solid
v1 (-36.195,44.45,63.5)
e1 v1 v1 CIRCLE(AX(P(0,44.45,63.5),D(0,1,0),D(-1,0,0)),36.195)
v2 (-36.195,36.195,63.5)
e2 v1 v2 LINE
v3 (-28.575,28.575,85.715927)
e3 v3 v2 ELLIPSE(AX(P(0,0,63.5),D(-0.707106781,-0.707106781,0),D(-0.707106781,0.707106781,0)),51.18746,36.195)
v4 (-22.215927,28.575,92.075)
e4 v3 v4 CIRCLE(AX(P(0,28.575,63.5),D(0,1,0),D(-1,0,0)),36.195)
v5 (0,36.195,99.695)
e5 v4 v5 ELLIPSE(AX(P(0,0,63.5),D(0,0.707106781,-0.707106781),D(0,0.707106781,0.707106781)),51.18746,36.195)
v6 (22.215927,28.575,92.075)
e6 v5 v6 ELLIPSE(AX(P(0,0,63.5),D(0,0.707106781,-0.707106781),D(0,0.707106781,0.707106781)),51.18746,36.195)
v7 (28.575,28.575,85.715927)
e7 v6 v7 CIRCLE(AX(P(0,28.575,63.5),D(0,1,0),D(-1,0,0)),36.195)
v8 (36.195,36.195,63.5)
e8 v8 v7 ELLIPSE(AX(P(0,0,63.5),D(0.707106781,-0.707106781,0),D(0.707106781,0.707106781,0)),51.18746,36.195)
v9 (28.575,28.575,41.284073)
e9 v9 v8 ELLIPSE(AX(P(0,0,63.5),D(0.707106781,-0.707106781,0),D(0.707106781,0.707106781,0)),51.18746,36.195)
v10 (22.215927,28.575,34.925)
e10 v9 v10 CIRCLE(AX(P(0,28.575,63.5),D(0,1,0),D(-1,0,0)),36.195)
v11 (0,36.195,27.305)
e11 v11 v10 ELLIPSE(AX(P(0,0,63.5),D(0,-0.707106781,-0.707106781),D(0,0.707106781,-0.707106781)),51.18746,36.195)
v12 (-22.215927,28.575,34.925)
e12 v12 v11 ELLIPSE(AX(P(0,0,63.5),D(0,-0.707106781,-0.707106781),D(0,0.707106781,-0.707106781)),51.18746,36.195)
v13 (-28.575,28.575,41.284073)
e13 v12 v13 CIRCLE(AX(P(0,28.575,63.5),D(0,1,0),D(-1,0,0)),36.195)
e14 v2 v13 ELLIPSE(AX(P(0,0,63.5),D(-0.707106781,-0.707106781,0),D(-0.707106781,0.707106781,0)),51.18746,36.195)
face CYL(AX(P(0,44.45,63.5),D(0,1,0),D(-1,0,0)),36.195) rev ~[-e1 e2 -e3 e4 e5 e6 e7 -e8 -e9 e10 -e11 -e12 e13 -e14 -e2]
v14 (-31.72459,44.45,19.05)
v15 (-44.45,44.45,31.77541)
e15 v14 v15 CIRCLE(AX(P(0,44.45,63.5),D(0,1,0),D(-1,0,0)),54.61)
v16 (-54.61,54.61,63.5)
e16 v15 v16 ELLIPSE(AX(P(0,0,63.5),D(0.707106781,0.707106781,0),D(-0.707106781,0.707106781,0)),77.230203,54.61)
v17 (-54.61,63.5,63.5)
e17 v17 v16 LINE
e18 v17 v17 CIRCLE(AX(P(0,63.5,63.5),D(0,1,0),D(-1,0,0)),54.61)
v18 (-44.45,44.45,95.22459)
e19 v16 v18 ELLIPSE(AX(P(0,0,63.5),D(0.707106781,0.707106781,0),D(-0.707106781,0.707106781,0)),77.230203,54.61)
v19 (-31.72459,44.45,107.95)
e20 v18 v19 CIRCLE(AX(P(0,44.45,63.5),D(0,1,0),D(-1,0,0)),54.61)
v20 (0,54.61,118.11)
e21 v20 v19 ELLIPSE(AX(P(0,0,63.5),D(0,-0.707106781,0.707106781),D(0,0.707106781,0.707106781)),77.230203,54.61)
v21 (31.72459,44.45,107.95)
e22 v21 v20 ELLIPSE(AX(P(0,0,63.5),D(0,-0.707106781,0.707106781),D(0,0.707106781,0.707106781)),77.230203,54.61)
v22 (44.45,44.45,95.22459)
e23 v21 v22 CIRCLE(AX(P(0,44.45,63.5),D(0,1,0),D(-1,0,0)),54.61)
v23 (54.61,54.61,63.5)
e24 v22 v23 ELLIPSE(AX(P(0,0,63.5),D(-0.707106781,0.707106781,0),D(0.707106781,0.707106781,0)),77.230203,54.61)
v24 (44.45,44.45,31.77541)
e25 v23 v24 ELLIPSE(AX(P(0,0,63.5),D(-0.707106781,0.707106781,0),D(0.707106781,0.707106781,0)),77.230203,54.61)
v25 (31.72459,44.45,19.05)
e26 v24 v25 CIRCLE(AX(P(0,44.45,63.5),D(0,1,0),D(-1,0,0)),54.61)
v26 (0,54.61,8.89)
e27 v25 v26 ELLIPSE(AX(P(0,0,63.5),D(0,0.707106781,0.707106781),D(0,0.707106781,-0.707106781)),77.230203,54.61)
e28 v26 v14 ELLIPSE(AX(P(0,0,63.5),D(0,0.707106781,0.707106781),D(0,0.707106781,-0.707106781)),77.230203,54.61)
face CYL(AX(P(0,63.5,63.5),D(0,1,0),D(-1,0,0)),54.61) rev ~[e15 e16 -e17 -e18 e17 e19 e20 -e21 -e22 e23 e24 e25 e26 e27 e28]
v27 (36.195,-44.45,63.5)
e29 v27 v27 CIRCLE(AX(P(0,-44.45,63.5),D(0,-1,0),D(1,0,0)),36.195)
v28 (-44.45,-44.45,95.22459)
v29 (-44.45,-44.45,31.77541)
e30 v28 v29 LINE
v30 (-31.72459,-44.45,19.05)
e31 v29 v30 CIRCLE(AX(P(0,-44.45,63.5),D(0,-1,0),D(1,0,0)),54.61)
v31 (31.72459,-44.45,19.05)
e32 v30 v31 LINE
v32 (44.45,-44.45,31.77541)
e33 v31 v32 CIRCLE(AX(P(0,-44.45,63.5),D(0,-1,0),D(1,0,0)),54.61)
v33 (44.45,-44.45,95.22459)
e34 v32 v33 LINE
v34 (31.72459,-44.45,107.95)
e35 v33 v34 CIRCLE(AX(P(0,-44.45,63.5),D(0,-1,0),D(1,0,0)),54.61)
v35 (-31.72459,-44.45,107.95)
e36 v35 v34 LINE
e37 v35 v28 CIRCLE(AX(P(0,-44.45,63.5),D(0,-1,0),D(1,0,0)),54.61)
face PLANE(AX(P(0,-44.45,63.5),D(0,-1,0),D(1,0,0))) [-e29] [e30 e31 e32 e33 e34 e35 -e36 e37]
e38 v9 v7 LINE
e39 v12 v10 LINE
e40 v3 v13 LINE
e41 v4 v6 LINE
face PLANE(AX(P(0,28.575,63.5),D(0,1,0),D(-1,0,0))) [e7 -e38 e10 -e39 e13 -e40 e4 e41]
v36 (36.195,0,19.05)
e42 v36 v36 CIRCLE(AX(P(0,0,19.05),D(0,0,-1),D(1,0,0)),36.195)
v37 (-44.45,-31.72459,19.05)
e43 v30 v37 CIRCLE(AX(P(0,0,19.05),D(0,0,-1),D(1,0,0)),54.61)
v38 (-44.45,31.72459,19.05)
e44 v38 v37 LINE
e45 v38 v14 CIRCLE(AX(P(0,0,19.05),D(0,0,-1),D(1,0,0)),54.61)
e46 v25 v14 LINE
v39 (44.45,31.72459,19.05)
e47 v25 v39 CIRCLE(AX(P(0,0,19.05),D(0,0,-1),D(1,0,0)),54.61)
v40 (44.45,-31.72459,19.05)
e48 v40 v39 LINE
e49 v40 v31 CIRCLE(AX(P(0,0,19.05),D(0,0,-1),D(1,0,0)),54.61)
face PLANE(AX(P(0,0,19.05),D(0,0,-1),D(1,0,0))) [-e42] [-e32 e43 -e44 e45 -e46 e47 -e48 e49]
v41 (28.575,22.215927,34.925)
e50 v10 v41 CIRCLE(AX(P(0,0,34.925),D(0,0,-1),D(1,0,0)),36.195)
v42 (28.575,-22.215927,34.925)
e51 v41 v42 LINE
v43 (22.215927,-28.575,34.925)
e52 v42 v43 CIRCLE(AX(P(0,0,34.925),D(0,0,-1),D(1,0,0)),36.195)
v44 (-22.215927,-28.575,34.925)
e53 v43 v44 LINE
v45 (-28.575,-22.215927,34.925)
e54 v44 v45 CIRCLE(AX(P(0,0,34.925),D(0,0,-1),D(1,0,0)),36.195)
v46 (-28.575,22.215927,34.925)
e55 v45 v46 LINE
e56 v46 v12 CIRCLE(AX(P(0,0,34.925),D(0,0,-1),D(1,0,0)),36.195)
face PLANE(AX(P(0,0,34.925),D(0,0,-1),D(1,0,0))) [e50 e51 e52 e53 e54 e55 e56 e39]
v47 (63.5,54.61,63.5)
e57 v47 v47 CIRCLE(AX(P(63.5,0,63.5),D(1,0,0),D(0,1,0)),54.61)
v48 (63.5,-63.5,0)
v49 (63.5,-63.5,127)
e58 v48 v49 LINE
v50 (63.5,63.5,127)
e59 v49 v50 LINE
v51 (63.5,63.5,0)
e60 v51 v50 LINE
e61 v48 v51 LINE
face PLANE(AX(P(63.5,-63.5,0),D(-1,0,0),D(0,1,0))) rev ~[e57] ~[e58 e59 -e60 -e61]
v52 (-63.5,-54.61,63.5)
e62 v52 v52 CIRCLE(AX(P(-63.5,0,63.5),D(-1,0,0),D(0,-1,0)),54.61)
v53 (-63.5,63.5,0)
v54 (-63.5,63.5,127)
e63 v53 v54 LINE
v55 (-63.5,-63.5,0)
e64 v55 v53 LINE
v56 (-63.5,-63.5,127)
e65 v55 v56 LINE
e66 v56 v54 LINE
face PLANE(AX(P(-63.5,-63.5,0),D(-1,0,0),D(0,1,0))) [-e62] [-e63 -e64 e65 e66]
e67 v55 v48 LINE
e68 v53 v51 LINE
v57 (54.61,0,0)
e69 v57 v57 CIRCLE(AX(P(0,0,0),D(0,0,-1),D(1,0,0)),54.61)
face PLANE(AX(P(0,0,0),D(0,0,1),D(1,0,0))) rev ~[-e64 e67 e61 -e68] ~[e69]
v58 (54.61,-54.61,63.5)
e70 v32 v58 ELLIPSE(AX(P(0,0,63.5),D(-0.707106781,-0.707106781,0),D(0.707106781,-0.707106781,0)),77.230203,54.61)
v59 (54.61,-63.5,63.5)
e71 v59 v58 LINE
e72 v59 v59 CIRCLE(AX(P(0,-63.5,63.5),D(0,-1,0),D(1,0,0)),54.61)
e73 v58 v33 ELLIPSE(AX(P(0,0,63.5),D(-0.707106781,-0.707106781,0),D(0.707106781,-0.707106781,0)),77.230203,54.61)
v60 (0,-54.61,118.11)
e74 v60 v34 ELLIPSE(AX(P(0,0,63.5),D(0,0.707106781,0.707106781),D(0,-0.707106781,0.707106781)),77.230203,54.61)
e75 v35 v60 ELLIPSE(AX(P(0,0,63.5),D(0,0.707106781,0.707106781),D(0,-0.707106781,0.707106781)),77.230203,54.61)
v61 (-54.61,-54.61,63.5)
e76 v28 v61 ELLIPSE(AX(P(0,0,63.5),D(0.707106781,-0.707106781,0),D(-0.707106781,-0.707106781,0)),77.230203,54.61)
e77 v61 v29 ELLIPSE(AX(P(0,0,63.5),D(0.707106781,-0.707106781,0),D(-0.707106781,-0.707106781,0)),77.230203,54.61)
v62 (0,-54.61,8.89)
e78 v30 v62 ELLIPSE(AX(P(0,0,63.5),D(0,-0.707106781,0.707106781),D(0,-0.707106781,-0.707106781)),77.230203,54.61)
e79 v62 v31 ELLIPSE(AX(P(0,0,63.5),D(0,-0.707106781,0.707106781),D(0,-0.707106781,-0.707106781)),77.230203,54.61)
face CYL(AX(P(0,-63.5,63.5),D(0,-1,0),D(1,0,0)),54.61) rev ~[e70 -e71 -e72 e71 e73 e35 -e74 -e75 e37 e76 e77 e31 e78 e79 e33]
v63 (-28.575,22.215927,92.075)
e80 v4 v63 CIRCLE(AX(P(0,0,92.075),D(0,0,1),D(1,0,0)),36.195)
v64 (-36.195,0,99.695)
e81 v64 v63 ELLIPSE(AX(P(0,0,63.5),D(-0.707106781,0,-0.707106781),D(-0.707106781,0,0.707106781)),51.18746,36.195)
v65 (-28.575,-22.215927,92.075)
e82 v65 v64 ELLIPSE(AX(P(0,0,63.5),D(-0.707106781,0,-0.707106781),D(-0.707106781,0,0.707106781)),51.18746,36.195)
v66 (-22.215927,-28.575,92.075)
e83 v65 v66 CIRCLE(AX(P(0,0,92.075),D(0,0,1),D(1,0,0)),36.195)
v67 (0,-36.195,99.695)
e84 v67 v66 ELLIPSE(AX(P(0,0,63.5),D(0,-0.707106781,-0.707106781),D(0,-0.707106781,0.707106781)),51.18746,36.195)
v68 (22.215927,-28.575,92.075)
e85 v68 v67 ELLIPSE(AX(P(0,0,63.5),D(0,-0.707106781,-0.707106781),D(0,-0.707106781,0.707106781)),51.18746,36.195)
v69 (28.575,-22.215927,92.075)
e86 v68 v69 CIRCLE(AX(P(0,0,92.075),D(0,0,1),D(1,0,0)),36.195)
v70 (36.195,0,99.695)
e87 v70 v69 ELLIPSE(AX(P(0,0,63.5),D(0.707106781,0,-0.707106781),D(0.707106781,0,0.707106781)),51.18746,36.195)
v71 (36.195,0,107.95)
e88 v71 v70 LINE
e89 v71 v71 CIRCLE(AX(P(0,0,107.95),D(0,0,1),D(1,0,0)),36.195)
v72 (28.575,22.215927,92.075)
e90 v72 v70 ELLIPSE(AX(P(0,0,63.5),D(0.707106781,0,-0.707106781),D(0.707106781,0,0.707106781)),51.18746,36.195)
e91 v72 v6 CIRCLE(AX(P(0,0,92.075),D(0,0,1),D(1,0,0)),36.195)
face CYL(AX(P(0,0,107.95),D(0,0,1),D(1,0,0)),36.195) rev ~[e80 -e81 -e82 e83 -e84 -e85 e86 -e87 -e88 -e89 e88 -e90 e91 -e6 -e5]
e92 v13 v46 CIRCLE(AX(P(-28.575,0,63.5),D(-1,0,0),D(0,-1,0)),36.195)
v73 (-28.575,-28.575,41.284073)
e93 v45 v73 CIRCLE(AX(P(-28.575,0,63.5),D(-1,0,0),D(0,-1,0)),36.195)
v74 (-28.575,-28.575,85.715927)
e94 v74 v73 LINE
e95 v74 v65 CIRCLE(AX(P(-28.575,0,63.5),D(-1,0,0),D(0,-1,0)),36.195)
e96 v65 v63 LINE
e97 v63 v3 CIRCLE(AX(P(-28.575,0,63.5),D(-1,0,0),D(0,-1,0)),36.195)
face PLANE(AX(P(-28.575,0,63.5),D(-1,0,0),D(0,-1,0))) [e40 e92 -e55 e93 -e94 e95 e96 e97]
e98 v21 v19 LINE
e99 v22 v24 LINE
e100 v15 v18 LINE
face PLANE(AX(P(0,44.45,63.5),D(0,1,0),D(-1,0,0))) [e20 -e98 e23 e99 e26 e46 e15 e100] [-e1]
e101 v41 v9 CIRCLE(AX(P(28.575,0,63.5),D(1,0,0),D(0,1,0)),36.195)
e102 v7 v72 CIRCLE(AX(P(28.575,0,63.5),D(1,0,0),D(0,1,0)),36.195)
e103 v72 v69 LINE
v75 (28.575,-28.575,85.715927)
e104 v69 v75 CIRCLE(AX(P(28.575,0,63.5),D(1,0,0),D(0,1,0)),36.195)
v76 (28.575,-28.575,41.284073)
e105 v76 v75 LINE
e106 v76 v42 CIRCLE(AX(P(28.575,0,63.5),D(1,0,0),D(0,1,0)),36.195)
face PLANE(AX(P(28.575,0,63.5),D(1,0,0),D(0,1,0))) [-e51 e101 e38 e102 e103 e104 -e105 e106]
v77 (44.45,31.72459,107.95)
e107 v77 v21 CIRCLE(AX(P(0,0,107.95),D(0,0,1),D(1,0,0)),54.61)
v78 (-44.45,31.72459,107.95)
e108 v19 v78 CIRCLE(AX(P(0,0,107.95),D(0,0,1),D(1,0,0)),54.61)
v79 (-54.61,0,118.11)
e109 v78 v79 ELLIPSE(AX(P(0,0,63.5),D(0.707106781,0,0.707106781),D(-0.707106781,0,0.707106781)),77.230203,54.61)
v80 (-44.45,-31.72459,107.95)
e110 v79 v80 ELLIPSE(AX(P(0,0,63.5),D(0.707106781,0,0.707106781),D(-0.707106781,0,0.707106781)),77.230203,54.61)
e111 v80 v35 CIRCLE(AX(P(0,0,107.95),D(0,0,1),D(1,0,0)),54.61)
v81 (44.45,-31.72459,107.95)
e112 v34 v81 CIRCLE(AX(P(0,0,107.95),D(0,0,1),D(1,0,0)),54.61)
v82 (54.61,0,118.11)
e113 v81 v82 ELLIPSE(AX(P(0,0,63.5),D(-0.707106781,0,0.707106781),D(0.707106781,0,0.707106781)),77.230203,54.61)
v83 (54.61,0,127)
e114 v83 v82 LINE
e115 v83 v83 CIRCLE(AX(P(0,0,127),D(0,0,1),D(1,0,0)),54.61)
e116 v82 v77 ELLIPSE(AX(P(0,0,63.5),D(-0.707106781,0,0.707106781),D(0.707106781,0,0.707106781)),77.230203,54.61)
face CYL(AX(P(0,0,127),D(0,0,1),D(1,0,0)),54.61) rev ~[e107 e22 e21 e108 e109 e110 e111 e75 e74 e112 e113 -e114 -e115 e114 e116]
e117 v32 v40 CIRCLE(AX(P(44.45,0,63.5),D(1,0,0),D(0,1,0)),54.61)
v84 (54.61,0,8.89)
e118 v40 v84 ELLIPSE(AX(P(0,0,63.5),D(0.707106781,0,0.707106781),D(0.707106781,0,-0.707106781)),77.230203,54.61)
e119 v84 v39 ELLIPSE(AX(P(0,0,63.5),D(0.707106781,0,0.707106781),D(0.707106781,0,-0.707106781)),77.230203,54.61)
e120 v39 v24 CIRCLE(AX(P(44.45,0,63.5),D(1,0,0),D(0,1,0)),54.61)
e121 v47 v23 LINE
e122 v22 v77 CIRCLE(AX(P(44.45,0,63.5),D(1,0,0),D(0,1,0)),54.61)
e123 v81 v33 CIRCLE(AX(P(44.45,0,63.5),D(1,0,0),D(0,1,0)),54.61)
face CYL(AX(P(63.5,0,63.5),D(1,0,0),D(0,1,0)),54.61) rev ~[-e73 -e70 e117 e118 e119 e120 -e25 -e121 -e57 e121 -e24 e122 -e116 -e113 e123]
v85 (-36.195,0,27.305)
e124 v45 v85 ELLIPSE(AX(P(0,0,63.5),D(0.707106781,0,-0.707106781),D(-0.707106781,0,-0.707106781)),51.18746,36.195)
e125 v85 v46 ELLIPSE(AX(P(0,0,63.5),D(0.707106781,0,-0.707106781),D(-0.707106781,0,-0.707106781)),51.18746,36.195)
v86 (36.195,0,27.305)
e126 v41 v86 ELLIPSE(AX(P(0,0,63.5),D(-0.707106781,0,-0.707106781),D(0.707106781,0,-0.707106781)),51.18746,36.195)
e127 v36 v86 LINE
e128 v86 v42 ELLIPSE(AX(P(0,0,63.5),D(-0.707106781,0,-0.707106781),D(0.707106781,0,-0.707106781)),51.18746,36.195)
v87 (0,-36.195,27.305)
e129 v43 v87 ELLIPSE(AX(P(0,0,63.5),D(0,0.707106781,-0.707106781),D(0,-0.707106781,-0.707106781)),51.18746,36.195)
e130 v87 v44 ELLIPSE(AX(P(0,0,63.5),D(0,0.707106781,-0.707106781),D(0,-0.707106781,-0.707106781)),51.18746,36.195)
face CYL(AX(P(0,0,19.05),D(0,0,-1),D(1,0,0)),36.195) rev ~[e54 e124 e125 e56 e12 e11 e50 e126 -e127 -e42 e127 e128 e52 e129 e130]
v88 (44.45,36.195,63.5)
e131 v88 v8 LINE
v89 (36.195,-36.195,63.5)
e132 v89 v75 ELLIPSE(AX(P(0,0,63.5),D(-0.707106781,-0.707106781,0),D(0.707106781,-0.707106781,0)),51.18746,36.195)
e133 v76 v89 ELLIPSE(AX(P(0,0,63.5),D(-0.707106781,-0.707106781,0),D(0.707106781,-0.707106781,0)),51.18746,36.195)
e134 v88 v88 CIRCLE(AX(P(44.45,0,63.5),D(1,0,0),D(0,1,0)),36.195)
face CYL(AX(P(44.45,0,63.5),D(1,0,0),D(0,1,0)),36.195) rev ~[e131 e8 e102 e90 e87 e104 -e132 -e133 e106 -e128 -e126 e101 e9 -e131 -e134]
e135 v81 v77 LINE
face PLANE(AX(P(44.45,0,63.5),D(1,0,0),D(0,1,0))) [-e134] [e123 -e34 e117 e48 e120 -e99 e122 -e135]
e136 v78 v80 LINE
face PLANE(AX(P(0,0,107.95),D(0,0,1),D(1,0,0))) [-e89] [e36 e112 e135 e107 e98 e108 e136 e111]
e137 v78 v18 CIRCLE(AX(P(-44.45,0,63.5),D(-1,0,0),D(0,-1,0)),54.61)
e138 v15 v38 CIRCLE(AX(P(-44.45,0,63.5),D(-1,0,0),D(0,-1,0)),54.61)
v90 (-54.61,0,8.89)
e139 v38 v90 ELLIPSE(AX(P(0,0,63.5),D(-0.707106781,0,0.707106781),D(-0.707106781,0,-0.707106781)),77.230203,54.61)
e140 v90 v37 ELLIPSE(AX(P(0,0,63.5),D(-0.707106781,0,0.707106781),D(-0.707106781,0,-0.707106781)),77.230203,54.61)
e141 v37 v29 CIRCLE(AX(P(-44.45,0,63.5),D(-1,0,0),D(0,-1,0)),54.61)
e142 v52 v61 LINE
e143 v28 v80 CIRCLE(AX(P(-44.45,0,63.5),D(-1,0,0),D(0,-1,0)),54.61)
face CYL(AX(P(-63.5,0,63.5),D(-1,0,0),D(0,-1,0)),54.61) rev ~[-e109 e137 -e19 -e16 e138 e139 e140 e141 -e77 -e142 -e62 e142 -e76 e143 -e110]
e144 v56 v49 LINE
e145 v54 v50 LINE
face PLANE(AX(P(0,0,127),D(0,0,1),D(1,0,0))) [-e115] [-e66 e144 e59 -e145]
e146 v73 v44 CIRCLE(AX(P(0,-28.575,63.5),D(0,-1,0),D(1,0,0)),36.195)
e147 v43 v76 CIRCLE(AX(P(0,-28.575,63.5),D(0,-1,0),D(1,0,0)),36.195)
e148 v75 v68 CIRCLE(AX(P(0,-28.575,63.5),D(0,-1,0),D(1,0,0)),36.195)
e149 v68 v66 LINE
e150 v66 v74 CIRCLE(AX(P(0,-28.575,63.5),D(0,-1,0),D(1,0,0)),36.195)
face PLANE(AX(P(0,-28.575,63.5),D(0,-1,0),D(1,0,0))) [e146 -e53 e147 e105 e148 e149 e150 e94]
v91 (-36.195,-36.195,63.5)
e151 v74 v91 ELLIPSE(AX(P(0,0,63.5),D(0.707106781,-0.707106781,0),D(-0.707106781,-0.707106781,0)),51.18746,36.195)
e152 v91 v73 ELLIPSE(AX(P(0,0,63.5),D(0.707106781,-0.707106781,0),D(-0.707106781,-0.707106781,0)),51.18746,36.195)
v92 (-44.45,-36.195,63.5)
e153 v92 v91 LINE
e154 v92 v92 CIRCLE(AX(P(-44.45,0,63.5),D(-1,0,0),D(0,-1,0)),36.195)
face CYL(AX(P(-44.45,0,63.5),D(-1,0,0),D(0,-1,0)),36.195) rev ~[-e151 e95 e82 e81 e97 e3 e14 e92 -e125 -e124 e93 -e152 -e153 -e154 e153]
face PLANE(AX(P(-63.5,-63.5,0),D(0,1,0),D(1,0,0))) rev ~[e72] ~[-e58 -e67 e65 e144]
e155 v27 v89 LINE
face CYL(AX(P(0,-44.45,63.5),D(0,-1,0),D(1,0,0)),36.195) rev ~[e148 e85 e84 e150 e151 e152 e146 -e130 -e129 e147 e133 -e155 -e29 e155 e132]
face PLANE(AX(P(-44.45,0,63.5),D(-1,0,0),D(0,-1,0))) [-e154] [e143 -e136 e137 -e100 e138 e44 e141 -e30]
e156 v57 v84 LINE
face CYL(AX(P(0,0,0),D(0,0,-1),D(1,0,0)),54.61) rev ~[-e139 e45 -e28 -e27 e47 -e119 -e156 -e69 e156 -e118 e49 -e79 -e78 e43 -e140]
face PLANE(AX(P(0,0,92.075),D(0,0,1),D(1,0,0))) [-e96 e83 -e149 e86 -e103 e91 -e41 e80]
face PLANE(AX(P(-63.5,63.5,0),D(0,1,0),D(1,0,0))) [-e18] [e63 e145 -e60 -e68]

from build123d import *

# Parameters (mm, degrees)
F15_W     = 127
F15_H     = 127
F16_DEPTH = 127
F0_R      = 54.61
F17_DEPTH = 19.05
F18_R     = 54.61
F1_DEPTH  = 19.05
F19_R     = 54.61
F2_DEPTH  = 19.05
F3_R      = 54.61
F4_DEPTH  = 19.05
F20_R     = 54.61
F5_DEPTH  = 19.05
F6_R      = 54.61
F21_DEPTH = 19.05
F22_R     = 36.195
F7_DEPTH  = 15.875
F8_R      = 36.195
F9_DEPTH  = 15.875
F23_R     = 36.195
F10_DEPTH = 15.875
F11_R     = 36.195
F24_DEPTH = 15.875
F25_R     = 36.195
F12_DEPTH = 15.875
F13_R     = 36.195
F14_DEPTH = 15.875


with BuildPart() as f16:
    # F15 (on Top) → F16 (new body)
    with BuildSketch(Plane.XY):
        Rectangle(F15_W, F15_H)
    extrude(amount=F16_DEPTH)

    # F0 (on face) → F17 (cut)
    with BuildSketch(Plane.XY.offset(127)):
        Circle(F0_R)
    extrude(amount=-F17_DEPTH, mode=Mode.SUBTRACT)

    # F18 (on face) → F1 (cut)
    with BuildSketch(Plane.XZ.offset(63.5)):
        with Locations((0, 63.5)):
            Circle(F18_R)
    extrude(amount=-F1_DEPTH, mode=Mode.SUBTRACT)

    # F19 (on face) → F2 (cut)
    with BuildSketch(Plane(origin=(0, 63.5, 0), x_dir=(-1, 0, 0), z_dir=(0, 1, 0))):
        with Locations((0, 63.5)):
            Circle(F19_R)
    extrude(amount=-F2_DEPTH, mode=Mode.SUBTRACT)

    # F3 (on face) → F4 (cut)
    with BuildSketch(Plane.YZ.offset(63.5)):
        with Locations((0, 63.5)):
            Circle(F3_R)
    extrude(amount=-F4_DEPTH, mode=Mode.SUBTRACT)

    # F20 (on face) → F5 (cut)
    with BuildSketch(Plane(origin=(-63.5, 0, 0), x_dir=(0, -1, 0), z_dir=(-1, 0, 0))):
        with Locations((0, 63.5)):
            Circle(F20_R)
    extrude(amount=-F5_DEPTH, mode=Mode.SUBTRACT)

    # F6 (on face) → F21 (cut)
    with BuildSketch(Plane(origin=(0, 0, 0), x_dir=(1, 0, 0), z_dir=(0, 0, -1))):
        Circle(F6_R)
    extrude(amount=-F21_DEPTH, mode=Mode.SUBTRACT)

    # F22 (on face) → F7 (cut)
    with BuildSketch(Plane(origin=(0, 0, 19.05), x_dir=(1, 0, 0), z_dir=(0, 0, -1))):
        Circle(F22_R)
    extrude(amount=-F7_DEPTH, mode=Mode.SUBTRACT)

    # F8 (on face) → F9 (cut)
    with BuildSketch(Plane.XZ.offset(44.45)):
        with Locations((0, 63.5)):
            Circle(F8_R)
    extrude(amount=-F9_DEPTH, mode=Mode.SUBTRACT)

    # F23 (on face) → F10 (cut)
    with BuildSketch(Plane.YZ.offset(44.45)):
        with Locations((0, 63.5)):
            Circle(F23_R)
    extrude(amount=-F10_DEPTH, mode=Mode.SUBTRACT)

    # F11 (on face) → F24 (cut)
    with BuildSketch(Plane(origin=(-44.45, 0, 0), x_dir=(0, -1, 0), z_dir=(-1, 0, 0))):
        with Locations((0, 63.5)):
            Circle(F11_R)
    extrude(amount=-F24_DEPTH, mode=Mode.SUBTRACT)

    # F25 (on face) → F12 (cut)
    with BuildSketch(Plane(origin=(0, 44.45, 0), x_dir=(-1, 0, 0), z_dir=(0, 1, 0))):
        with Locations((0, 63.5)):
            Circle(F25_R)
    extrude(amount=-F12_DEPTH, mode=Mode.SUBTRACT)

    # F13 (on face) → F14 (cut)
    with BuildSketch(Plane.XY.offset(107.95)):
        Circle(F13_R)
    extrude(amount=-F14_DEPTH, mode=Mode.SUBTRACT)


solid = f16.part
